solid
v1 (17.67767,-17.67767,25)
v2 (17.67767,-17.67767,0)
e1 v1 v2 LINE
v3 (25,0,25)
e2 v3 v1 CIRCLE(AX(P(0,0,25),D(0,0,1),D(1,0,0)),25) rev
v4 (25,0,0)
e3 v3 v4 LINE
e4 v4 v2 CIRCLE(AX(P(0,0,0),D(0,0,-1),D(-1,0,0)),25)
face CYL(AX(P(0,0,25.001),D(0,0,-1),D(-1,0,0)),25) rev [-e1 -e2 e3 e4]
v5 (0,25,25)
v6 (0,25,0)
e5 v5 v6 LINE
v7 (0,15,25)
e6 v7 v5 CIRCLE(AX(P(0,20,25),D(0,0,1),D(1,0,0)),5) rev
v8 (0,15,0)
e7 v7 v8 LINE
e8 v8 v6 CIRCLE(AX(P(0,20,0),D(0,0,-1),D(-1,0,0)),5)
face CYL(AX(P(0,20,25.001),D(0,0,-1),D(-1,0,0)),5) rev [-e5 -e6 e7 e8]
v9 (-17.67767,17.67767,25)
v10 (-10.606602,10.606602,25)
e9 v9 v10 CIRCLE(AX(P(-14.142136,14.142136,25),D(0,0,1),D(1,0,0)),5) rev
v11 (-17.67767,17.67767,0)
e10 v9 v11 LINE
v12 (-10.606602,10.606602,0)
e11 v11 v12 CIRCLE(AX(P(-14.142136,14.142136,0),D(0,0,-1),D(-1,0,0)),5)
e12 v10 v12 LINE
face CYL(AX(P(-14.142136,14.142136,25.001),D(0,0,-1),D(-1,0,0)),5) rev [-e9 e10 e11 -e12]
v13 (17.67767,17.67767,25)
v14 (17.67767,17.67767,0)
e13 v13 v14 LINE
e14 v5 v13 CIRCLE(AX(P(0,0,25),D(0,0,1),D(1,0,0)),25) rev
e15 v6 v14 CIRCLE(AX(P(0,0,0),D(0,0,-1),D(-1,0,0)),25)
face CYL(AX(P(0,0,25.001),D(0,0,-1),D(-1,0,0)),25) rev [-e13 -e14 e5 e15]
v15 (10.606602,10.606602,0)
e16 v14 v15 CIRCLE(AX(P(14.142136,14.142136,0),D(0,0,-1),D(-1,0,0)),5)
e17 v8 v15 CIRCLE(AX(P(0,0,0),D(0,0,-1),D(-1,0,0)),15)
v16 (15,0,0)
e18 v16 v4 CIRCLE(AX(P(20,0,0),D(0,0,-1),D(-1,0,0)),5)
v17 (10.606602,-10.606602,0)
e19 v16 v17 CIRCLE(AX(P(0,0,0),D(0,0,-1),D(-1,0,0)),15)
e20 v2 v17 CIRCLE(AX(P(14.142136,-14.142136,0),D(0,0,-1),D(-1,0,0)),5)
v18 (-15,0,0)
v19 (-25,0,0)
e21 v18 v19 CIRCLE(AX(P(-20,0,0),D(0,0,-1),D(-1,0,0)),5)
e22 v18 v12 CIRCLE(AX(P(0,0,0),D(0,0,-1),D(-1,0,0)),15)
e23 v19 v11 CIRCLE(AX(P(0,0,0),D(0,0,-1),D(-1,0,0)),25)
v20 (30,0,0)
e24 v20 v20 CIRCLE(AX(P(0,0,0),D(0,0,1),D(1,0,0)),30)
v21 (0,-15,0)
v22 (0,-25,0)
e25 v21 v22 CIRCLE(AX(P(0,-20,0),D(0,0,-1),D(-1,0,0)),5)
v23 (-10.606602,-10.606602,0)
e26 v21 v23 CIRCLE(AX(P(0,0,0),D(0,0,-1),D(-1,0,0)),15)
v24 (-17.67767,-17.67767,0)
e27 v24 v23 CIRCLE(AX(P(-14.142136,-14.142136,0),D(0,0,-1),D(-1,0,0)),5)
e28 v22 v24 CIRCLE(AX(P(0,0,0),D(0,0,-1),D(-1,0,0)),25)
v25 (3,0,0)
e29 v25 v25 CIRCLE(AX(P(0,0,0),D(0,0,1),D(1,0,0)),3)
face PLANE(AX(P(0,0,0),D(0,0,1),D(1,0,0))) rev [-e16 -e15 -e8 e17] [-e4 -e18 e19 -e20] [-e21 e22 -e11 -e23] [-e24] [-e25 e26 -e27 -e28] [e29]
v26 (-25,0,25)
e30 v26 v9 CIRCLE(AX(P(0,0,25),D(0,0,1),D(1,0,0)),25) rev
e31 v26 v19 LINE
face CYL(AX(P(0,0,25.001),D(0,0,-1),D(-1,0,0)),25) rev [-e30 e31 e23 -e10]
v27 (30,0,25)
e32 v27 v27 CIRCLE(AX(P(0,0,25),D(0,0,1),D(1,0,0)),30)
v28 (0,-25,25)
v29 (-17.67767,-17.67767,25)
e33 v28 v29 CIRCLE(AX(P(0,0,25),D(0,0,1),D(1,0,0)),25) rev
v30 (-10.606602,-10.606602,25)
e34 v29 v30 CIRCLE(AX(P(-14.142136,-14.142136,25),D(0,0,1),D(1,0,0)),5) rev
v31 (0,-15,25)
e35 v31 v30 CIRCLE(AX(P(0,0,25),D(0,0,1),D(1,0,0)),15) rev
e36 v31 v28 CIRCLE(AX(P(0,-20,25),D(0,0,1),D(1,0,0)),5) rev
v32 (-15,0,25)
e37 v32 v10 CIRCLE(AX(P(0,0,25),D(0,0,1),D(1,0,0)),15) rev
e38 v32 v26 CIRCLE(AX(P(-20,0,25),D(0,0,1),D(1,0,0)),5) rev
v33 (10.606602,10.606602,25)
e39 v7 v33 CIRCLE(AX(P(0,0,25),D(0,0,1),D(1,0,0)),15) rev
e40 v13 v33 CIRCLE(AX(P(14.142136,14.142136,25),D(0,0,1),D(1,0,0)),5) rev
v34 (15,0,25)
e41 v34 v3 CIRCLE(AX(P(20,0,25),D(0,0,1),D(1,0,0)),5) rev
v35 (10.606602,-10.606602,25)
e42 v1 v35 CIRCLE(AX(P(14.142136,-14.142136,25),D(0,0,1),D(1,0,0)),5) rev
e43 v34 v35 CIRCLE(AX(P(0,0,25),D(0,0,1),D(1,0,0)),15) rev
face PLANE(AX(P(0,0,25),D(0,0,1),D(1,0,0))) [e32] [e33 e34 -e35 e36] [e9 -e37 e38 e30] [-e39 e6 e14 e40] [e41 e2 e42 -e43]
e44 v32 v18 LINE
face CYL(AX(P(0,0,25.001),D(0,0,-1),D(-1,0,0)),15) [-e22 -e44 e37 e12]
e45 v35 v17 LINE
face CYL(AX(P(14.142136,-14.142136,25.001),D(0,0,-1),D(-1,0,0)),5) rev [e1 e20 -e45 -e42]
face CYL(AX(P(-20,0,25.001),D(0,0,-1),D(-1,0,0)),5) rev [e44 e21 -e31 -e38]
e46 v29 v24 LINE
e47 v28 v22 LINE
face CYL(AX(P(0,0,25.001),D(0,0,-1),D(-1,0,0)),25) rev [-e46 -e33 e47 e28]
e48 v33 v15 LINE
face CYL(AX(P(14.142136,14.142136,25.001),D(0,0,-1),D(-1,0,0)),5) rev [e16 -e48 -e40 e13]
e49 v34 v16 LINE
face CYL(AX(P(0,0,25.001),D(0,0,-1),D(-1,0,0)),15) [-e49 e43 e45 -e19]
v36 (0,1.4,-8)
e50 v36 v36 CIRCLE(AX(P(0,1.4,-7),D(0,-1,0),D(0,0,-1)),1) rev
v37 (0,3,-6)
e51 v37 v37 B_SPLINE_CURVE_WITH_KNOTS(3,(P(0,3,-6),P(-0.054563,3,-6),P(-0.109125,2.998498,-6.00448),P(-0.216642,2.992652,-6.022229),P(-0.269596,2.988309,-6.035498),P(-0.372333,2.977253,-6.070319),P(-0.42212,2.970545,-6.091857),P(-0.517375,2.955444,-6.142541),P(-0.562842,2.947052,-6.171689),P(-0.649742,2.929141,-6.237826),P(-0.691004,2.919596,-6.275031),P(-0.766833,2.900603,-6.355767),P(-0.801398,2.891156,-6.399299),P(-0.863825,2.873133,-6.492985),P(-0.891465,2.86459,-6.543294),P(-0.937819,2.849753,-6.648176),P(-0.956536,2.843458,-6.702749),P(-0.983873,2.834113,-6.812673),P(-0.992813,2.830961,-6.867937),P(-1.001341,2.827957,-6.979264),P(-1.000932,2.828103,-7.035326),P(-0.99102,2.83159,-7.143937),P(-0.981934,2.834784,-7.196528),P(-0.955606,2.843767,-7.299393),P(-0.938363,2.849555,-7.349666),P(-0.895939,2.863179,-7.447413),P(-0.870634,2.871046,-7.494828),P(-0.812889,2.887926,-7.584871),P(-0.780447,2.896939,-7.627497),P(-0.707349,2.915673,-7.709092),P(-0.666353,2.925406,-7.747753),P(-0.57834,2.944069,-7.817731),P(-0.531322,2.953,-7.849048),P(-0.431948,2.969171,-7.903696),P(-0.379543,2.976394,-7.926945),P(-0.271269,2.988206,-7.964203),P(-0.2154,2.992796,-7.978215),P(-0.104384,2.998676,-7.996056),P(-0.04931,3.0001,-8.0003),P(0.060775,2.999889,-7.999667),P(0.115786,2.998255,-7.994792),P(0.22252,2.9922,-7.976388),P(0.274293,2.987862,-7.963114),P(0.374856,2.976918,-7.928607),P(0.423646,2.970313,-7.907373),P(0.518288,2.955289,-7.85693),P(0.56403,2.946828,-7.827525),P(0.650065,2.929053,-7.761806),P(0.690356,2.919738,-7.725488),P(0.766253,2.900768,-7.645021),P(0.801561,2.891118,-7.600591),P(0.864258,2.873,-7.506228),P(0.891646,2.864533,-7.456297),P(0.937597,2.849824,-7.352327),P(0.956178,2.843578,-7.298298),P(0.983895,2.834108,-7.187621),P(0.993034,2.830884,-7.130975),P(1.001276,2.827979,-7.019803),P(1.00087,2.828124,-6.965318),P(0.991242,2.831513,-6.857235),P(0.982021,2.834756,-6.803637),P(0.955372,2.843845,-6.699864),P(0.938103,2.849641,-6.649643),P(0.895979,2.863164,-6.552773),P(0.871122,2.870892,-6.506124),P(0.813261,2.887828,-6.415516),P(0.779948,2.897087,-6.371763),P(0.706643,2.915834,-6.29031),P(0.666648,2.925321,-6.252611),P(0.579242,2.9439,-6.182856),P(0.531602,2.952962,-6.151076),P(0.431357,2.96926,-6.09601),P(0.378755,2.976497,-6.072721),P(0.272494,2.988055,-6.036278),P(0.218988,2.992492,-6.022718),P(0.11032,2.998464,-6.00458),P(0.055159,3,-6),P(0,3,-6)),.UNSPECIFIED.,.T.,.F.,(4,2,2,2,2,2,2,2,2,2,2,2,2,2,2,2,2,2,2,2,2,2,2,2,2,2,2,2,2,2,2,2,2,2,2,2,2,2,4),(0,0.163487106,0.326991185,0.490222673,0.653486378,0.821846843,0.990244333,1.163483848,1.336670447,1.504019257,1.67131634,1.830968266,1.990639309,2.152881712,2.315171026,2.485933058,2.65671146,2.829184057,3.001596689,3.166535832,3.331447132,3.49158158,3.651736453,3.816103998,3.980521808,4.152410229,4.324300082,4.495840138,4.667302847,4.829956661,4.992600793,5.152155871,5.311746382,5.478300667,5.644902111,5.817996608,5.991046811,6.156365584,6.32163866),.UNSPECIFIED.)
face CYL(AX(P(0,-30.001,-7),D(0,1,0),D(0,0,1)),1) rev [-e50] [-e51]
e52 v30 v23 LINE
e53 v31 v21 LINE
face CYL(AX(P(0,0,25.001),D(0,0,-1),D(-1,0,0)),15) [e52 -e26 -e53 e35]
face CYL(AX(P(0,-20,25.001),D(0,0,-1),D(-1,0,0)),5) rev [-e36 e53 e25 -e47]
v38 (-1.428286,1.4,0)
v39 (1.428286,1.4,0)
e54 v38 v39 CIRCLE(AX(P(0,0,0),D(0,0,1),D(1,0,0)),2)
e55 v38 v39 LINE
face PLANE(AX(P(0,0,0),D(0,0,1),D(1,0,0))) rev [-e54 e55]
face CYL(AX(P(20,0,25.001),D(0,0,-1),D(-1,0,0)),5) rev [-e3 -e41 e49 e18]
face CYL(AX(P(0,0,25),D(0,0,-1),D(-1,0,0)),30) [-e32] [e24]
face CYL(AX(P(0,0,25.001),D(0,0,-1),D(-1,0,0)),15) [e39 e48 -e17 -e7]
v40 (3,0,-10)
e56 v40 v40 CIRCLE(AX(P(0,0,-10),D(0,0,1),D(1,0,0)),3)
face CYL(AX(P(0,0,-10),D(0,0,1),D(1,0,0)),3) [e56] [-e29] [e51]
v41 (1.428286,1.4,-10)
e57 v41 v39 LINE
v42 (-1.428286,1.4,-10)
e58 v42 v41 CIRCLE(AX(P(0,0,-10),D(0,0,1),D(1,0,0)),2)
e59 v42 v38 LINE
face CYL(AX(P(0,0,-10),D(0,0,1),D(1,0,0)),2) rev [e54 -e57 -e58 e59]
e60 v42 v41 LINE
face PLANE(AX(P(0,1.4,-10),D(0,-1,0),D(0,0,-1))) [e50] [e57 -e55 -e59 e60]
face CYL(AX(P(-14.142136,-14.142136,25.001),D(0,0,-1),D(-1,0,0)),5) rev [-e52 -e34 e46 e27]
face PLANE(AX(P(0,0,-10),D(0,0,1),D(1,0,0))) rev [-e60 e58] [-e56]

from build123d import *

# Parameters (mm, degrees)
SKETCH_1_R          = 30
EXTRUDE_1_DEPTH     = 25
EXTRUDE_5_DEPTH     = 10
CUT_EXTRUDE_1_REACH = 53.127
SKETCH_4_R          = 1
CUT_EXTRUDE_3_REACH = 51.244


with BuildPart() as part:
    # 草图1 → 凸台-拉伸1 (new body)
    with BuildSketch(Plane.XY):
        Circle(SKETCH_1_R)
    extrude(amount=EXTRUDE_1_DEPTH)

    # 草图2 → 凸台-拉伸5 (add)
    with BuildSketch(Plane.XY):
        with BuildLine():
            ThreePointArc((2.653299832, 1.4), (0, 3), (-2.653299832, 1.4))
            Line((-2.653299832, 1.4), (-1.428285686, 1.4))
            ThreePointArc((-1.428285686, 1.4), (0, 2), (1.428285686, 1.4))
            Line((1.428285686, 1.4), (2.653299832, 1.4))
        make_face()
        with BuildLine():
            Line((-1.428285686, 1.4), (-2.653299832, 1.4))
            ThreePointArc((-2.653299832, 1.4), (-0.721145097, -2.912035327), (3, 0))
            ThreePointArc((3, 0), (2.912035327, 0.721145097), (2.653299832, 1.4))
            Line((2.653299832, 1.4), (1.428285686, 1.4))
            ThreePointArc((1.428285686, 1.4), (1.851563039, 0.756117924), (2, 0))
            ThreePointArc((2, 0), (-0.756117924, -1.851563039), (-1.428285686, 1.4))
        make_face()
        with BuildLine():
            ThreePointArc((1.428285686, 1.4), (0, 2), (-1.428285686, 1.4))
            Line((-1.428285686, 1.4), (0, 1.4))
            Line((0, 1.4), (1.428285686, 1.4))
        make_face()
    extrude(amount=-EXTRUDE_5_DEPTH)

    # 草图4 → 切除-拉伸1 (cut, up to next)
    with BuildSketch(Plane(origin=(0, 3, 0), x_dir=(1, 0, 0), z_dir=(0, 1, 0)), mode=Mode.PRIVATE) as cut_extrude_1_sk1:
        with Locations(Location((0, 7, 0), (0, 0, 270))):
            Circle(SKETCH_4_R)
    cut_extrude_1_tool1 = extrude(cut_extrude_1_sk1.sketch, amount=-CUT_EXTRUDE_1_REACH, mode=Mode.PRIVATE) & part.part
    add(cut_extrude_1_tool1.solids().sort_by_distance((0, 3, -7))[0], mode=Mode.SUBTRACT)

    # 草图6 → 切除-拉伸3 (cut, up to next)
    with BuildSketch(Plane(origin=(0, 0, 0), x_dir=(-1, 0, 0), z_dir=(0, 0, -1)), mode=Mode.PRIVATE) as cut_extrude_3_sk1:
        with BuildLine():
            ThreePointArc((-10.60660171, 10.606601726), (-5.74025148, 13.85819299), (2e-09, 15))
            ThreePointArc((2e-09, 15), (5, 20.000000001), (0, 25))
            ThreePointArc((0, 25), (-9.567085809, 23.096988313), (-17.67766953, 17.67766953))
            ThreePointArc((-17.67766953, 17.67766953), (-17.677669526, 10.606601714), (-10.60660171, 10.606601726))
        make_face()
    cut_extrude_3_tool1 = extrude(cut_extrude_3_sk1.sketch, amount=-CUT_EXTRUDE_3_REACH, mode=Mode.PRIVATE) & part.part
    # 草图6 → 切除-拉伸3 (cut, up to next)
    with BuildSketch(Plane(origin=(0, 0, 0), x_dir=(-1, 0, 0), z_dir=(0, 0, -1)), mode=Mode.PRIVATE) as cut_extrude_3_sk2:
        with BuildLine():
            ThreePointArc((10.606601688, 10.606601748), (13.858192979, 5.740251505), (15, 0))
            ThreePointArc((15, 0), (20, -5), (25, 0))
            ThreePointArc((25, 0), (23.096988313, 9.567085809), (17.67766953, 17.67766953))
            ThreePointArc((17.67766953, 17.67766953), (10.606601733, 17.677669545), (10.606601688, 10.606601748))
        make_face()
    cut_extrude_3_tool2 = extrude(cut_extrude_3_sk2.sketch, amount=-CUT_EXTRUDE_3_REACH, mode=Mode.PRIVATE) & part.part
    # 草图6 → 切除-拉伸3 (cut, up to next)
    with BuildSketch(Plane(origin=(0, 0, 0), x_dir=(-1, 0, 0), z_dir=(0, 0, -1)), mode=Mode.PRIVATE) as cut_extrude_3_sk3:
        with BuildLine():
            ThreePointArc((-15, 0), (-19.999999994, 5), (-25, 1.2e-08))
            ThreePointArc((-25, 1.2e-08), (-23.096988305, -9.567085829), (-17.67766949, -17.677669569))
            ThreePointArc((-17.67766949, -17.677669569), (-10.606601708, -17.677669519), (-10.606601699, -10.606601737))
            ThreePointArc((-10.606601699, -10.606601737), (-13.858192983, -5.740251498), (-15, 0))
        make_face()
    cut_extrude_3_tool3 = extrude(cut_extrude_3_sk3.sketch, amount=-CUT_EXTRUDE_3_REACH, mode=Mode.PRIVATE) & part.part
    # 草图6 → 切除-拉伸3 (cut, up to next)
    with BuildSketch(Plane(origin=(0, 0, 0), x_dir=(-1, 0, 0), z_dir=(0, 0, -1)), mode=Mode.PRIVATE) as cut_extrude_3_sk4:
        with BuildLine():
            ThreePointArc((10.606601737, -10.606601699), (5.740251492, -13.858192985), (-1.3e-08, -15))
            ThreePointArc((-1.3e-08, -15), (-5, -19.999999976), (-6e-08, -25))
            ThreePointArc((-6e-08, -25), (9.567085826, -23.096988306), (17.677669598, -17.677669461))
            ThreePointArc((17.677669598, -17.677669461), (17.677669505, -10.606601693), (10.606601737, -10.606601699))
        make_face()
    cut_extrude_3_tool4 = extrude(cut_extrude_3_sk4.sketch, amount=-CUT_EXTRUDE_3_REACH, mode=Mode.PRIVATE) & part.part
    add(cut_extrude_3_tool1.solids().sort_by_distance((7.329332, 17.694573, 0))[0], mode=Mode.SUBTRACT)
    add(cut_extrude_3_tool2.solids().sort_by_distance((-17.694573, 7.329332, 0))[0], mode=Mode.SUBTRACT)
    add(cut_extrude_3_tool3.solids().sort_by_distance((17.694573, -7.329332, 0))[0], mode=Mode.SUBTRACT)
    add(cut_extrude_3_tool4.solids().sort_by_distance((-7.329332, -17.694573, 0))[0], mode=Mode.SUBTRACT)


solid = part.part
